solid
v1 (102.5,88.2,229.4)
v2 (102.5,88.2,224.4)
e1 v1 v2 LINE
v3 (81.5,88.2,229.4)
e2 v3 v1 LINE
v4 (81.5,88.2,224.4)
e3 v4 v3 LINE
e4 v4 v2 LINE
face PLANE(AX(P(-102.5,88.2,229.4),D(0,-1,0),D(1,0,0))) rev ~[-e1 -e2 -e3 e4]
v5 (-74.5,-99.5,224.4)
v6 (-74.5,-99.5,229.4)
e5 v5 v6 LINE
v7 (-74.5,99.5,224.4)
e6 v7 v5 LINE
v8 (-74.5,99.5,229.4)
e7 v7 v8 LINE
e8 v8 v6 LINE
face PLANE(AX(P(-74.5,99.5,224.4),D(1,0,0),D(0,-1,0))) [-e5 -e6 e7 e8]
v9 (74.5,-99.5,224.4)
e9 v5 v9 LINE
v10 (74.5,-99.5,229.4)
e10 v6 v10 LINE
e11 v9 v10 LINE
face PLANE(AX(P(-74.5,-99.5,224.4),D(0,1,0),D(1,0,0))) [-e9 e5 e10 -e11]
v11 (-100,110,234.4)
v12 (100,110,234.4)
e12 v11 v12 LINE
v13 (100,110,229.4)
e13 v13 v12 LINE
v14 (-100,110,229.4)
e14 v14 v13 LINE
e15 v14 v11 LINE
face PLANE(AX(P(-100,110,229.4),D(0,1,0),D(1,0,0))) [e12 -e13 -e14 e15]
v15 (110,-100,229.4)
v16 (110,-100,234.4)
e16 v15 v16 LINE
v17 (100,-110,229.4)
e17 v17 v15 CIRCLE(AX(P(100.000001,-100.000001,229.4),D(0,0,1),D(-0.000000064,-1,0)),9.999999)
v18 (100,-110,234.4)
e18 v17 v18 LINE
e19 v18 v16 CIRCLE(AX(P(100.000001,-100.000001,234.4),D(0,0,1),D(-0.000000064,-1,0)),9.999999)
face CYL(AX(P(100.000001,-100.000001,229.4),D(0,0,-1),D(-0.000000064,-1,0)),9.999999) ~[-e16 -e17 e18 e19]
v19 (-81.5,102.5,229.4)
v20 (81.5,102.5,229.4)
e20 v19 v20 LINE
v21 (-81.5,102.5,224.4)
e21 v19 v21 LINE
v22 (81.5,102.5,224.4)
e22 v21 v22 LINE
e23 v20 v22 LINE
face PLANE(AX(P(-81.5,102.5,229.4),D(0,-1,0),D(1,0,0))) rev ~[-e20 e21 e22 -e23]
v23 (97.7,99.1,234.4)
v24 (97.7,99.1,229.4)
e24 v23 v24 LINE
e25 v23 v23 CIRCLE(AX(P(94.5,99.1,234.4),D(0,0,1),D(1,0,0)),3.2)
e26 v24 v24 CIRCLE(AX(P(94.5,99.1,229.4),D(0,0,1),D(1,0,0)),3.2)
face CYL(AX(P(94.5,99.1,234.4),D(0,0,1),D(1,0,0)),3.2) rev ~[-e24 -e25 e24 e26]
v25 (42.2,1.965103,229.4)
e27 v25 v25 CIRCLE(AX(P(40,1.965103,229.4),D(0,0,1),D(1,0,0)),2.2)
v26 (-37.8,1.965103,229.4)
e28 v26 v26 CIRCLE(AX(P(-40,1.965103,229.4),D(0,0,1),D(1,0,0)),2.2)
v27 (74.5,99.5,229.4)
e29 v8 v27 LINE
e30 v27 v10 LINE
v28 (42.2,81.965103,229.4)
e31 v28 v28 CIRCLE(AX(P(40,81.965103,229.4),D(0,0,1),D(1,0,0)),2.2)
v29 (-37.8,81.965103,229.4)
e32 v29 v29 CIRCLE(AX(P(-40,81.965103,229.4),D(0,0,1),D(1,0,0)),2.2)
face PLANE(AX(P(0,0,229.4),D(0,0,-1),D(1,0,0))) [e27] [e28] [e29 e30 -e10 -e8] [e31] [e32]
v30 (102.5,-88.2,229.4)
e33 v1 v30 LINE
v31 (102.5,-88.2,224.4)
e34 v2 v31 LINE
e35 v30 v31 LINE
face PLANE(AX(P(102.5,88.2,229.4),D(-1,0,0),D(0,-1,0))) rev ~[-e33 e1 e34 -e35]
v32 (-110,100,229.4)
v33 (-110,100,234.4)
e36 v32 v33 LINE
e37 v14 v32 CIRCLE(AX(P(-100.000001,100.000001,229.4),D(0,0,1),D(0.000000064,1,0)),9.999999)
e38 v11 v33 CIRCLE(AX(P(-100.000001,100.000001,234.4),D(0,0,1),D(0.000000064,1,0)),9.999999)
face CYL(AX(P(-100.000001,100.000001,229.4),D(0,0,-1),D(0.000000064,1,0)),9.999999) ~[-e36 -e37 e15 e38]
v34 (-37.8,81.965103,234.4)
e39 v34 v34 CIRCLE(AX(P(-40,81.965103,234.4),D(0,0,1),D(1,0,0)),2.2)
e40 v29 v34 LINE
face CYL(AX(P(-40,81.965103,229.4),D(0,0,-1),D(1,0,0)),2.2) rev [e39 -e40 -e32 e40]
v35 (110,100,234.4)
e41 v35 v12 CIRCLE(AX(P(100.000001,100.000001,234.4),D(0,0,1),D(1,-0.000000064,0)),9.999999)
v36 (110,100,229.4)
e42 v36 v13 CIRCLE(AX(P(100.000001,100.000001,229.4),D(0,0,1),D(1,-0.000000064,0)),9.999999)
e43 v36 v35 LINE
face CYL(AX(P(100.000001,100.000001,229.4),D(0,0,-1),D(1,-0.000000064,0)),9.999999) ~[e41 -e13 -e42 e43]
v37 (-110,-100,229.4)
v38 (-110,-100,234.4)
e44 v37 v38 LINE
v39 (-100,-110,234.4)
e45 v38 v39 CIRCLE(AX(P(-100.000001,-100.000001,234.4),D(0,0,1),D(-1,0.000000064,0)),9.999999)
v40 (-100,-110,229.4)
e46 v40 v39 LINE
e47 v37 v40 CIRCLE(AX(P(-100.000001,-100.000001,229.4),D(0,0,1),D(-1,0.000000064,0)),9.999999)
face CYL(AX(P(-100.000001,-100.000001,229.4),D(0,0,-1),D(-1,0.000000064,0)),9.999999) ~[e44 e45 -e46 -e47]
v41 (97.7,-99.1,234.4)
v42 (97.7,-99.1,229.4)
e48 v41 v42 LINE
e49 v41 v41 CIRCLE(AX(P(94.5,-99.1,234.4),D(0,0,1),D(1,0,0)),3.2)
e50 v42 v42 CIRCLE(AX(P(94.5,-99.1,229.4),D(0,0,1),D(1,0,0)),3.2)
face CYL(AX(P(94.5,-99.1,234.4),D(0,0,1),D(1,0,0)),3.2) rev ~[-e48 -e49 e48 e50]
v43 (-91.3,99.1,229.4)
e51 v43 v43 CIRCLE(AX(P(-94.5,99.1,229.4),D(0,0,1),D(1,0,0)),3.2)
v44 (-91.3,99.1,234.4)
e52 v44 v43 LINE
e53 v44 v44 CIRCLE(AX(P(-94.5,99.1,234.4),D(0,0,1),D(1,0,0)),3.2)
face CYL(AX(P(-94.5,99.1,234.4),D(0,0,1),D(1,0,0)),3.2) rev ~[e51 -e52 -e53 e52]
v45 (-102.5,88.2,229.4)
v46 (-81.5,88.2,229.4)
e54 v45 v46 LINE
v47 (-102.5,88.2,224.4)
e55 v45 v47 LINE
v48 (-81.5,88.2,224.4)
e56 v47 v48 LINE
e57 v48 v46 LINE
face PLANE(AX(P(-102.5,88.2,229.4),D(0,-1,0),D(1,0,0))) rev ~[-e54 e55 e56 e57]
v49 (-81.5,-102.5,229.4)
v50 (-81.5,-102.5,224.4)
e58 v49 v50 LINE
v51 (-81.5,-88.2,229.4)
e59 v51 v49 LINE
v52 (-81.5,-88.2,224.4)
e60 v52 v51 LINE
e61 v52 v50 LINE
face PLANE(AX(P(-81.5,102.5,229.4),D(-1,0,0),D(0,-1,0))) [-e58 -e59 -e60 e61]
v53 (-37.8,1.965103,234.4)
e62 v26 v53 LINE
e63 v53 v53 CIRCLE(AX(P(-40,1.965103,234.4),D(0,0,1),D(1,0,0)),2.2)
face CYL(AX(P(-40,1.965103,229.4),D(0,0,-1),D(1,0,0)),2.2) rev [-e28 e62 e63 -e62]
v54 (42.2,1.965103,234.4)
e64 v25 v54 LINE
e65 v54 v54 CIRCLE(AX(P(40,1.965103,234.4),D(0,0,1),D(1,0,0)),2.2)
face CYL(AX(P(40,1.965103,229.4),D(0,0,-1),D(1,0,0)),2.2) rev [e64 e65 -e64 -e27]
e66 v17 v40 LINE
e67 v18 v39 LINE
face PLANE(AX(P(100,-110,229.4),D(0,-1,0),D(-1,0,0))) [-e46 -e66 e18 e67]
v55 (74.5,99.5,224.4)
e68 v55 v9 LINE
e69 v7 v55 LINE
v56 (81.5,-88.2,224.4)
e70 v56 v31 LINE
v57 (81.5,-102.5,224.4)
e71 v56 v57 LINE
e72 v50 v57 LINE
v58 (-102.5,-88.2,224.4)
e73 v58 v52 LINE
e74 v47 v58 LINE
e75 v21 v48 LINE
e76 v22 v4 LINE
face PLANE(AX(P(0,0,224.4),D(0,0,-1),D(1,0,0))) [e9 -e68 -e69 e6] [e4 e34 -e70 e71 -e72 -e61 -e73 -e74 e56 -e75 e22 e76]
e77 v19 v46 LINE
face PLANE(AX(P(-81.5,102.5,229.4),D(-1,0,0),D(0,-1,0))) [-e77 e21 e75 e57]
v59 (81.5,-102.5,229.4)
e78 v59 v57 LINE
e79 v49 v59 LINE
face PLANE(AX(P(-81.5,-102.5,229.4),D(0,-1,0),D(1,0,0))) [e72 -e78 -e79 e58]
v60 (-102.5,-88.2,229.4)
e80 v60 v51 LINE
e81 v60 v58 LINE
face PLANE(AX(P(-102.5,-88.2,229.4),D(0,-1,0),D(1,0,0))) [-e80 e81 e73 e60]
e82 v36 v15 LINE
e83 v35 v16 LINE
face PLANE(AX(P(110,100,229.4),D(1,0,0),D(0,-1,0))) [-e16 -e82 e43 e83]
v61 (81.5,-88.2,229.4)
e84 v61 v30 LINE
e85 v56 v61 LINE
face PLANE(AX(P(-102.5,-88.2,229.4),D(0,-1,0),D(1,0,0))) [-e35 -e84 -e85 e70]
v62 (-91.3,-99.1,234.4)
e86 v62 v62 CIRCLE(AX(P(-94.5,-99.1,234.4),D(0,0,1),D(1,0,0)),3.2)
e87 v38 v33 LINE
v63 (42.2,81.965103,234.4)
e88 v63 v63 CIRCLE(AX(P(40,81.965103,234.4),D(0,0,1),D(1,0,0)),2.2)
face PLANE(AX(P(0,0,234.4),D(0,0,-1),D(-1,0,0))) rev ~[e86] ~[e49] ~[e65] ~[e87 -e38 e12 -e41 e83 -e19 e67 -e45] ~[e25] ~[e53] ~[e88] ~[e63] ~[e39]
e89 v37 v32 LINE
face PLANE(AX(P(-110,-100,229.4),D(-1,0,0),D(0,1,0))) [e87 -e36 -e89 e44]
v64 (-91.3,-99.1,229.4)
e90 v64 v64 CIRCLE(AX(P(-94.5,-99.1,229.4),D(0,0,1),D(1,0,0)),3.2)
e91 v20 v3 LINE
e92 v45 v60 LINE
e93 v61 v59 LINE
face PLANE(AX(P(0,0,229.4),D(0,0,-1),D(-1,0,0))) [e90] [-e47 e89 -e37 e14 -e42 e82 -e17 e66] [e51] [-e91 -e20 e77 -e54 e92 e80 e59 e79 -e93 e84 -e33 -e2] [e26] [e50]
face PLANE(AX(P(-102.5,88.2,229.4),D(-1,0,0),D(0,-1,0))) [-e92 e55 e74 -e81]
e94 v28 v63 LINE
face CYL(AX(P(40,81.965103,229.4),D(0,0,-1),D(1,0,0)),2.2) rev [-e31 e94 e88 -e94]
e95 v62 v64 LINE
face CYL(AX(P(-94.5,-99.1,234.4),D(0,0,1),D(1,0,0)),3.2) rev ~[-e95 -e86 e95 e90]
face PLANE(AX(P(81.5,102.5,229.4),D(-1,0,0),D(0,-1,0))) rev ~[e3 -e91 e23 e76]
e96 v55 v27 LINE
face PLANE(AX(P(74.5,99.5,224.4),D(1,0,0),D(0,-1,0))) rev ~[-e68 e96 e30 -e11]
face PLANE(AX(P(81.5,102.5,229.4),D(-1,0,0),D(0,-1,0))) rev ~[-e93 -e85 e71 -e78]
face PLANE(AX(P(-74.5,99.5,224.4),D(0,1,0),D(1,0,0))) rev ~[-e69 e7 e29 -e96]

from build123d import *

# Parameters (mm, degrees)
PAD006_DEPTH    = 5
SKETCH040_R     = 3.2
POCKET034_DEPTH = 5
SKETCH041_W     = 163
SKETCH041_H     = 205
PAD007_DEPTH    = 5
SKETCH042_W     = 205
SKETCH042_H     = 176.4
PAD008_DEPTH    = 5
SKETCH043_W     = 149
SKETCH043_H     = 199
POCKET035_DEPTH = 5
SKETCH049_R     = 2.2
POCKET040_DEPTH = 5


with BuildPart() as part:
    # Sketch039 → Pad006 (new body)
    with BuildSketch(Plane.XY):
        with BuildLine():
            Line((-100, 110), (100, 110))
            ThreePointArc((110, 100), (107.071068, 107.071068), (100, 110))
            Line((110, 100), (110, -100))
            ThreePointArc((100, -110), (107.071068, -107.071068), (110, -100))
            Line((100, -110), (-100, -110))
            ThreePointArc((-110, -100), (-107.071068, -107.071068), (-100, -110))
            Line((-110, -100), (-110, 100))
            ThreePointArc((-100, 110), (-107.071068, 107.071068), (-110, 100))
        make_face()
    extrude(amount=PAD006_DEPTH)

    # Sketch040 (on Face10 of Pad006) → Pocket034 (cut)
    with BuildSketch(Plane.XY.offset(5)):
        with Locations((-94.5, 99.1)):
            Circle(SKETCH040_R)
        with Locations((94.5, 99.1)):
            Circle(SKETCH040_R)
        with Locations((94.5, -99.1)):
            Circle(SKETCH040_R)
        with Locations((-94.5, -99.1)):
            Circle(SKETCH040_R)
    extrude(amount=-POCKET034_DEPTH, mode=Mode.SUBTRACT)

    # Sketch041 (on Face4 of Pocket034) → Pad007 (join)
    with BuildSketch(Plane(origin=(0, 0, 0), x_dir=(1, 0, 0), z_dir=(0, 0, -1))):
        Rectangle(SKETCH041_W, SKETCH041_H)
    extrude(amount=PAD007_DEPTH)

    # Sketch042 (on Face4 of Pocket034) → Pad008 (join)
    with BuildSketch(Plane(origin=(0, 0, 0), x_dir=(1, 0, 0), z_dir=(0, 0, -1))):
        Rectangle(SKETCH042_W, SKETCH042_H)
    extrude(amount=PAD008_DEPTH)

    # Sketch043 (on Face31 of Pad008) → Pocket035 (cut)
    with BuildSketch(Plane(origin=(0, 0, -5), x_dir=(1, 0, 0), z_dir=(0, 0, -1))):
        Rectangle(SKETCH043_W, SKETCH043_H)
    extrude(amount=-POCKET035_DEPTH, mode=Mode.SUBTRACT)

    # Sketch049 → Pocket040 (cut)
    with BuildSketch(Plane.XY):
        with Locations((-40, 81.965103)):
            Circle(SKETCH049_R)
        with Locations((40, 81.965103)):
            Circle(SKETCH049_R)
        with Locations((40, 1.965103)):
            Circle(SKETCH049_R)
        with Locations((-40, 1.965103)):
            Circle(SKETCH049_R)
    extrude(amount=POCKET040_DEPTH, mode=Mode.SUBTRACT)


with BuildPart() as part_1:
    # Body004 placement: moved
    add(part.part.moved(Location((0, 0, 229.4))))


solid = part_1.part
